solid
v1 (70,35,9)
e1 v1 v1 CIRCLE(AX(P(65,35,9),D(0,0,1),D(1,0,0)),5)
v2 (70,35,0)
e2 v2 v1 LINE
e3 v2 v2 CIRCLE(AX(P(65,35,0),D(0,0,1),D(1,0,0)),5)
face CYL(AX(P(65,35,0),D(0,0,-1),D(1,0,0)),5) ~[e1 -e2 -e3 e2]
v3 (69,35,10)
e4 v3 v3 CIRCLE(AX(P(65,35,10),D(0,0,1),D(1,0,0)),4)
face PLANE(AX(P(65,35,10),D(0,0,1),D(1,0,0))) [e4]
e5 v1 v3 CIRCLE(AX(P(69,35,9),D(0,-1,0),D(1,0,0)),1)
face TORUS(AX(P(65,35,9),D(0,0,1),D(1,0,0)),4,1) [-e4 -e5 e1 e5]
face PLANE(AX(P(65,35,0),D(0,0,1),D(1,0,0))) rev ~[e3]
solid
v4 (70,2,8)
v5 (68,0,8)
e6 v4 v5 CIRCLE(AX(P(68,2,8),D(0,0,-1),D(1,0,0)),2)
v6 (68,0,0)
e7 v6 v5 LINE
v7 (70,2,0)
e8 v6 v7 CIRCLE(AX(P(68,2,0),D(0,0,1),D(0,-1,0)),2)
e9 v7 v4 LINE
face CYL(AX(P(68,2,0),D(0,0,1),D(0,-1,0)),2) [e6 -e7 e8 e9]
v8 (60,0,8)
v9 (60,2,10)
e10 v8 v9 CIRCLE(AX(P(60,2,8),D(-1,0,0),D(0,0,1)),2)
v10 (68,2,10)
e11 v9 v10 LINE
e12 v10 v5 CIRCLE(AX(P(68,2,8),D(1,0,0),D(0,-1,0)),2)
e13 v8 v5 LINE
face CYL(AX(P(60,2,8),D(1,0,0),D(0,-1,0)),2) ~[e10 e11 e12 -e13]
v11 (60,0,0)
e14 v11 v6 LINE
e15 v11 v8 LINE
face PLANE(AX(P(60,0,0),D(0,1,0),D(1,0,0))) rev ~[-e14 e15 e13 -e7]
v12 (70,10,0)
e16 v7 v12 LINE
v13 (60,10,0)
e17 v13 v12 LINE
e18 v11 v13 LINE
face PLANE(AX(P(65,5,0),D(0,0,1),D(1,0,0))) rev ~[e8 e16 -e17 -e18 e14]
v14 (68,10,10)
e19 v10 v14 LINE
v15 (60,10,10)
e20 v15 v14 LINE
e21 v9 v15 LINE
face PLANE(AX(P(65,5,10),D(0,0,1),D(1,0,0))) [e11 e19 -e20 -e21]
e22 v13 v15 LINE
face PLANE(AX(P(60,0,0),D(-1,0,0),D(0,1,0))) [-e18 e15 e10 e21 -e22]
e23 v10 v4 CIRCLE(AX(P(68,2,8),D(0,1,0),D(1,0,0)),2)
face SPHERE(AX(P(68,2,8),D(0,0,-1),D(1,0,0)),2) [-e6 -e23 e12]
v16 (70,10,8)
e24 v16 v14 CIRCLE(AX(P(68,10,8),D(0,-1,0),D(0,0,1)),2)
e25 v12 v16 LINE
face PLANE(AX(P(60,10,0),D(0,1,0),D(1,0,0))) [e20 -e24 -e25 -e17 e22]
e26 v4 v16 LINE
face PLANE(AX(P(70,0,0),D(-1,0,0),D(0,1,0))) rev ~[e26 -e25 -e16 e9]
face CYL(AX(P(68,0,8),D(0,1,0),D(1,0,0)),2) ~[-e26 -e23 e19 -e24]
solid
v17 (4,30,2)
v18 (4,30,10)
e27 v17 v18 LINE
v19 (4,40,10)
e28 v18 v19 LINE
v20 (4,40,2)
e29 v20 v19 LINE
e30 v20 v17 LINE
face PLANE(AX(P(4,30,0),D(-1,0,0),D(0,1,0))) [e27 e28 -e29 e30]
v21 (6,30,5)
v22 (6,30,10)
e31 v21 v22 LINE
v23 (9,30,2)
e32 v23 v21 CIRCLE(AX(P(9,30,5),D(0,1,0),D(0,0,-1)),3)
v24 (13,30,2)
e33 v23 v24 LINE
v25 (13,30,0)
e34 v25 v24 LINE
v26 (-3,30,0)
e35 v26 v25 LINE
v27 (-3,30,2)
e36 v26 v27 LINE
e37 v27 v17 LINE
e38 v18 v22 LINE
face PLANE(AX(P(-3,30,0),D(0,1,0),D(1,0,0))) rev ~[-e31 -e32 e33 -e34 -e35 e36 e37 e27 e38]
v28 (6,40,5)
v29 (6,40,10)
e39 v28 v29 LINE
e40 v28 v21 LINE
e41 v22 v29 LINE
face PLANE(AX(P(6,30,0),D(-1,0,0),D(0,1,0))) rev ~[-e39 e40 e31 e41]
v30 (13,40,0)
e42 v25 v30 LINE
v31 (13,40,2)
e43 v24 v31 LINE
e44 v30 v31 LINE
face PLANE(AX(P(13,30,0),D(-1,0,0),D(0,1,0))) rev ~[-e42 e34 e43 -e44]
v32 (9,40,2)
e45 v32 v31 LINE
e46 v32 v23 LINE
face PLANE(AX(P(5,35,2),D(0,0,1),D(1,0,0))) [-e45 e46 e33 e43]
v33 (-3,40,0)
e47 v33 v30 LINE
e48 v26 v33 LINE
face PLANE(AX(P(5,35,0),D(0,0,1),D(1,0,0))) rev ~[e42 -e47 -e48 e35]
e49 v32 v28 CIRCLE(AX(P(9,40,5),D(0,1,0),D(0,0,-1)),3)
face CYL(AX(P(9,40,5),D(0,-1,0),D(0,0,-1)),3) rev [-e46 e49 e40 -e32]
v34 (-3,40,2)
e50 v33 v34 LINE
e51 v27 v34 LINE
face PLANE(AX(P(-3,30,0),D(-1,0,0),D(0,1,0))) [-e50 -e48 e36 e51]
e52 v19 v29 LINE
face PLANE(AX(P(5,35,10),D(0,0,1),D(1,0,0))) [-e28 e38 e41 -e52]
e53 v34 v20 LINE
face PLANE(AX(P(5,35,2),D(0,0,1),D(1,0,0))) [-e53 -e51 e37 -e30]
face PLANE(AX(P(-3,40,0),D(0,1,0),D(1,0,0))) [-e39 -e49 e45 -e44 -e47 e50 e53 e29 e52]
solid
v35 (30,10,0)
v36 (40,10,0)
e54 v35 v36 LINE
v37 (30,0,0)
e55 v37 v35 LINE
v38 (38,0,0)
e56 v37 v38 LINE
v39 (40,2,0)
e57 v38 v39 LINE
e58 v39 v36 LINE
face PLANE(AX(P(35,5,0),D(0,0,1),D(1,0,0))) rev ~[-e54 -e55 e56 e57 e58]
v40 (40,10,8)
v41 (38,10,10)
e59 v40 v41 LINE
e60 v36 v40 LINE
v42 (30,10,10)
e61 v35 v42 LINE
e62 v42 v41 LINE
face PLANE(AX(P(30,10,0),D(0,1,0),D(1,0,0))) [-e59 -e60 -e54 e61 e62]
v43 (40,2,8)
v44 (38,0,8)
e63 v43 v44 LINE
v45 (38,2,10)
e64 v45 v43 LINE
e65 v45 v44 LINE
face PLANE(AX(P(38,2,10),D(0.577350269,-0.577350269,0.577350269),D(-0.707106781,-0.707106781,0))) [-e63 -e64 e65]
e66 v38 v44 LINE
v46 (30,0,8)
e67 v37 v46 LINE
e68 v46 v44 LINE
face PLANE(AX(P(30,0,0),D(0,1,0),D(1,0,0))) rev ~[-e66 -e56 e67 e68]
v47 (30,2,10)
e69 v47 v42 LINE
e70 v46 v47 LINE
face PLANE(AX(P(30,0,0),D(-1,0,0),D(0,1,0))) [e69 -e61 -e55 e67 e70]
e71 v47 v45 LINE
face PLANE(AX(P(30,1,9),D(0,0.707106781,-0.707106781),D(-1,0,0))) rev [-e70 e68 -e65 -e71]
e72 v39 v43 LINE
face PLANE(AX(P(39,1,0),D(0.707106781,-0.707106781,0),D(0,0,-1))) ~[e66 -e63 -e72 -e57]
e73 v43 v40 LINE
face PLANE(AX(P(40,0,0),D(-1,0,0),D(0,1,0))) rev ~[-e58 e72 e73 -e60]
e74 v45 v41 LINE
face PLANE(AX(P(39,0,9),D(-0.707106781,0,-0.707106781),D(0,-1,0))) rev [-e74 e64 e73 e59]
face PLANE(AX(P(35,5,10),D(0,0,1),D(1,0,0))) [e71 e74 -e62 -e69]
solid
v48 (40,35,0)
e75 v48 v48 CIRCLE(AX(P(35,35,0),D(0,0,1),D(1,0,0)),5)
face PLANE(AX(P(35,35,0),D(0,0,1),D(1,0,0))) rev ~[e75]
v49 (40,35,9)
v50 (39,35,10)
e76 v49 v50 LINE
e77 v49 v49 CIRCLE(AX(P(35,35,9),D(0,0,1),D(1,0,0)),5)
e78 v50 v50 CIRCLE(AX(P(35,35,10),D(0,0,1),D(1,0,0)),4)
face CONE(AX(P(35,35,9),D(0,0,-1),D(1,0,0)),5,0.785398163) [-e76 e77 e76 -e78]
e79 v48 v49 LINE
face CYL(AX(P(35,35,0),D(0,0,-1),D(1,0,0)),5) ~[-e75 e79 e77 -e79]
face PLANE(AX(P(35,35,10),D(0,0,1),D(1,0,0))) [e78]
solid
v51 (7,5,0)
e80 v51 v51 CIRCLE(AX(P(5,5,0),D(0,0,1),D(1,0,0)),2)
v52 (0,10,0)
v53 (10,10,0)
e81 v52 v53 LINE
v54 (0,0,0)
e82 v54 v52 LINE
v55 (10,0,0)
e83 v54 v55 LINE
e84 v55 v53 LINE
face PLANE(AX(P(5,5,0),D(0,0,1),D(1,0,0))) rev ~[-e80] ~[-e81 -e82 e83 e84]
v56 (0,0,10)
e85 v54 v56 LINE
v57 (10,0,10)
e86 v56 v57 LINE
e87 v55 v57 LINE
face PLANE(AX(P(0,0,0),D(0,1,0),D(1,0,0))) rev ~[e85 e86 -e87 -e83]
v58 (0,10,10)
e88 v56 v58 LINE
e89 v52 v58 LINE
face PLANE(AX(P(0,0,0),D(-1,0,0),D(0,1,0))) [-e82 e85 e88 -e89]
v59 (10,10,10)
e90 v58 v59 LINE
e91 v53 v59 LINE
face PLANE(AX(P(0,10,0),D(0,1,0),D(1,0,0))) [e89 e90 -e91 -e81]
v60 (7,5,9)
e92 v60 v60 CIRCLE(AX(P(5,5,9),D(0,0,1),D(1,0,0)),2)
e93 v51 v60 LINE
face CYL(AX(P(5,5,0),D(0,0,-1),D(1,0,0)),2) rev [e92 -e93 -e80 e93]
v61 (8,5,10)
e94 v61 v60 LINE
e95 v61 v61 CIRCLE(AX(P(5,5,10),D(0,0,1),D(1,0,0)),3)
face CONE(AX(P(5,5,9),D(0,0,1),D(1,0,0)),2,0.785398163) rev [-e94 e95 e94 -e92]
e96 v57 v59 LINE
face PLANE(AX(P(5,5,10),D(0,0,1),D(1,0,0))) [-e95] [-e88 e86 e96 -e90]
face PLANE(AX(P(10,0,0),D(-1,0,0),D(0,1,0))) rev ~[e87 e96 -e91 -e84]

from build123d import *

# Parameters (mm, degrees)
BOX002_W          = 10
BOX002_H          = 10
BOX002_DEPTH      = 10
FILLET_R          = 2
BOX001_W          = 10
BOX001_H          = 10
BOX001_DEPTH      = 10
CHAMFER_SIZE      = 2
CYLINDER_R        = 2
CYLINDER_DEPTH    = 10
BOX_W             = 10
BOX_H             = 10
BOX_DEPTH         = 10
CHAMFER001_SIZE   = 1
CYLINDER001_R     = 5
CYLINDER001_DEPTH = 10
FILLET001_R       = 1
CYLINDER002_R     = 5
CYLINDER002_DEPTH = 10
CHAMFER002_SIZE   = 1
BOX004_W          = 2
BOX004_H          = 10
BOX004_DEPTH      = 10
BOX003_W          = 16
BOX003_H          = 10
BOX003_DEPTH      = 2
FILLET002_R       = 3


with BuildPart() as fillet_body:
    # Box002 → Box002 (new body)
    with BuildSketch(Plane(origin=(60, 0, 0), x_dir=(1, 0, 0), z_dir=(0, 0, 1))):
        with Locations((5, 5)):
            Rectangle(BOX002_W, BOX002_H)
    extrude(amount=BOX002_DEPTH)

    # Fillet
    fillet_edges = [fillet_body.edges().sort_by_distance(p)[0] for p in [
        (70, 0, 5),
        (70, 5, 10),
        (65, 0, 10),
    ]]
    fillet(fillet_edges, radius=FILLET_R)


with BuildPart() as chamfer_body:
    # Box001 → Box001 (new body)
    with BuildSketch(Plane(origin=(30, 0, 0), x_dir=(1, 0, 0), z_dir=(0, 0, 1))):
        with Locations((5, 5)):
            Rectangle(BOX001_W, BOX001_H)
    extrude(amount=BOX001_DEPTH)

    # Chamfer
    chamfer_edges = [chamfer_body.edges().sort_by_distance(p)[0] for p in [
        (40, 0, 5),
        (40, 5, 10),
        (35, 0, 10),
    ]]
    chamfer(chamfer_edges, length=CHAMFER_SIZE)


with BuildPart() as cylinder:
    # Cylinder → Cylinder (new body)
    with BuildSketch(Plane(origin=(5, 5, 0), x_dir=(1, 0, 0), z_dir=(0, 0, 1))):
        Circle(CYLINDER_R)
    extrude(amount=CYLINDER_DEPTH)


with BuildPart() as chamfer001:
    # Box → Box (new body)
    with BuildSketch(Plane.XY):
        with Locations((5, 5)):
            Rectangle(BOX_W, BOX_H)
    extrude(amount=BOX_DEPTH)

    # Cut: cut Cylinder
    add(cylinder.part, mode=Mode.SUBTRACT)

    # Chamfer001
    chamfer001_edges = [chamfer001.edges().sort_by_distance(p)[0] for p in [
        (3, 5, 10),
    ]]
    chamfer(chamfer001_edges, length=CHAMFER001_SIZE)


with BuildPart() as fillet001:
    # Cylinder001 → Cylinder001 (new body)
    with BuildSketch(Plane(origin=(65, 35, 0), x_dir=(1, 0, 0), z_dir=(0, 0, 1))):
        Circle(CYLINDER001_R)
    extrude(amount=CYLINDER001_DEPTH)

    # Fillet001
    fillet001_edges = [fillet001.edges().sort_by_distance(p)[0] for p in [
        (60, 35, 10),
    ]]
    fillet(fillet001_edges, radius=FILLET001_R)


with BuildPart() as chamfer002:
    # Cylinder002 → Cylinder002 (new body)
    with BuildSketch(Plane(origin=(35, 35, 0), x_dir=(1, 0, 0), z_dir=(0, 0, 1))):
        Circle(CYLINDER002_R)
    extrude(amount=CYLINDER002_DEPTH)

    # Chamfer002
    chamfer002_edges = [chamfer002.edges().sort_by_distance(p)[0] for p in [
        (30, 35, 10),
    ]]
    chamfer(chamfer002_edges, length=CHAMFER002_SIZE)


with BuildPart() as cube004:
    # Box004 → Box004 (new body)
    with BuildSketch(Plane(origin=(4, 30, 0), x_dir=(1, 0, 0), z_dir=(0, 0, 1))):
        with Locations((1, 5)):
            Rectangle(BOX004_W, BOX004_H)
    extrude(amount=BOX004_DEPTH)


with BuildPart() as fillet002:
    # Box003 → Box003 (new body)
    with BuildSketch(Plane(origin=(-3, 30, 0), x_dir=(1, 0, 0), z_dir=(0, 0, 1))):
        with Locations((8, 5)):
            Rectangle(BOX003_W, BOX003_H)
    extrude(amount=BOX003_DEPTH)

    # Fusion: union Cube004
    add(cube004.part)

    # Fillet002
    fillet002_edges = [fillet002.edges().sort_by_distance(p)[0] for p in [
        (6, 35, 2),
    ]]
    fillet(fillet002_edges, radius=FILLET002_R)


solid = Compound([fillet_body.part, chamfer_body.part, chamfer001.part, fillet001.part, chamfer002.part, fillet002.part])
